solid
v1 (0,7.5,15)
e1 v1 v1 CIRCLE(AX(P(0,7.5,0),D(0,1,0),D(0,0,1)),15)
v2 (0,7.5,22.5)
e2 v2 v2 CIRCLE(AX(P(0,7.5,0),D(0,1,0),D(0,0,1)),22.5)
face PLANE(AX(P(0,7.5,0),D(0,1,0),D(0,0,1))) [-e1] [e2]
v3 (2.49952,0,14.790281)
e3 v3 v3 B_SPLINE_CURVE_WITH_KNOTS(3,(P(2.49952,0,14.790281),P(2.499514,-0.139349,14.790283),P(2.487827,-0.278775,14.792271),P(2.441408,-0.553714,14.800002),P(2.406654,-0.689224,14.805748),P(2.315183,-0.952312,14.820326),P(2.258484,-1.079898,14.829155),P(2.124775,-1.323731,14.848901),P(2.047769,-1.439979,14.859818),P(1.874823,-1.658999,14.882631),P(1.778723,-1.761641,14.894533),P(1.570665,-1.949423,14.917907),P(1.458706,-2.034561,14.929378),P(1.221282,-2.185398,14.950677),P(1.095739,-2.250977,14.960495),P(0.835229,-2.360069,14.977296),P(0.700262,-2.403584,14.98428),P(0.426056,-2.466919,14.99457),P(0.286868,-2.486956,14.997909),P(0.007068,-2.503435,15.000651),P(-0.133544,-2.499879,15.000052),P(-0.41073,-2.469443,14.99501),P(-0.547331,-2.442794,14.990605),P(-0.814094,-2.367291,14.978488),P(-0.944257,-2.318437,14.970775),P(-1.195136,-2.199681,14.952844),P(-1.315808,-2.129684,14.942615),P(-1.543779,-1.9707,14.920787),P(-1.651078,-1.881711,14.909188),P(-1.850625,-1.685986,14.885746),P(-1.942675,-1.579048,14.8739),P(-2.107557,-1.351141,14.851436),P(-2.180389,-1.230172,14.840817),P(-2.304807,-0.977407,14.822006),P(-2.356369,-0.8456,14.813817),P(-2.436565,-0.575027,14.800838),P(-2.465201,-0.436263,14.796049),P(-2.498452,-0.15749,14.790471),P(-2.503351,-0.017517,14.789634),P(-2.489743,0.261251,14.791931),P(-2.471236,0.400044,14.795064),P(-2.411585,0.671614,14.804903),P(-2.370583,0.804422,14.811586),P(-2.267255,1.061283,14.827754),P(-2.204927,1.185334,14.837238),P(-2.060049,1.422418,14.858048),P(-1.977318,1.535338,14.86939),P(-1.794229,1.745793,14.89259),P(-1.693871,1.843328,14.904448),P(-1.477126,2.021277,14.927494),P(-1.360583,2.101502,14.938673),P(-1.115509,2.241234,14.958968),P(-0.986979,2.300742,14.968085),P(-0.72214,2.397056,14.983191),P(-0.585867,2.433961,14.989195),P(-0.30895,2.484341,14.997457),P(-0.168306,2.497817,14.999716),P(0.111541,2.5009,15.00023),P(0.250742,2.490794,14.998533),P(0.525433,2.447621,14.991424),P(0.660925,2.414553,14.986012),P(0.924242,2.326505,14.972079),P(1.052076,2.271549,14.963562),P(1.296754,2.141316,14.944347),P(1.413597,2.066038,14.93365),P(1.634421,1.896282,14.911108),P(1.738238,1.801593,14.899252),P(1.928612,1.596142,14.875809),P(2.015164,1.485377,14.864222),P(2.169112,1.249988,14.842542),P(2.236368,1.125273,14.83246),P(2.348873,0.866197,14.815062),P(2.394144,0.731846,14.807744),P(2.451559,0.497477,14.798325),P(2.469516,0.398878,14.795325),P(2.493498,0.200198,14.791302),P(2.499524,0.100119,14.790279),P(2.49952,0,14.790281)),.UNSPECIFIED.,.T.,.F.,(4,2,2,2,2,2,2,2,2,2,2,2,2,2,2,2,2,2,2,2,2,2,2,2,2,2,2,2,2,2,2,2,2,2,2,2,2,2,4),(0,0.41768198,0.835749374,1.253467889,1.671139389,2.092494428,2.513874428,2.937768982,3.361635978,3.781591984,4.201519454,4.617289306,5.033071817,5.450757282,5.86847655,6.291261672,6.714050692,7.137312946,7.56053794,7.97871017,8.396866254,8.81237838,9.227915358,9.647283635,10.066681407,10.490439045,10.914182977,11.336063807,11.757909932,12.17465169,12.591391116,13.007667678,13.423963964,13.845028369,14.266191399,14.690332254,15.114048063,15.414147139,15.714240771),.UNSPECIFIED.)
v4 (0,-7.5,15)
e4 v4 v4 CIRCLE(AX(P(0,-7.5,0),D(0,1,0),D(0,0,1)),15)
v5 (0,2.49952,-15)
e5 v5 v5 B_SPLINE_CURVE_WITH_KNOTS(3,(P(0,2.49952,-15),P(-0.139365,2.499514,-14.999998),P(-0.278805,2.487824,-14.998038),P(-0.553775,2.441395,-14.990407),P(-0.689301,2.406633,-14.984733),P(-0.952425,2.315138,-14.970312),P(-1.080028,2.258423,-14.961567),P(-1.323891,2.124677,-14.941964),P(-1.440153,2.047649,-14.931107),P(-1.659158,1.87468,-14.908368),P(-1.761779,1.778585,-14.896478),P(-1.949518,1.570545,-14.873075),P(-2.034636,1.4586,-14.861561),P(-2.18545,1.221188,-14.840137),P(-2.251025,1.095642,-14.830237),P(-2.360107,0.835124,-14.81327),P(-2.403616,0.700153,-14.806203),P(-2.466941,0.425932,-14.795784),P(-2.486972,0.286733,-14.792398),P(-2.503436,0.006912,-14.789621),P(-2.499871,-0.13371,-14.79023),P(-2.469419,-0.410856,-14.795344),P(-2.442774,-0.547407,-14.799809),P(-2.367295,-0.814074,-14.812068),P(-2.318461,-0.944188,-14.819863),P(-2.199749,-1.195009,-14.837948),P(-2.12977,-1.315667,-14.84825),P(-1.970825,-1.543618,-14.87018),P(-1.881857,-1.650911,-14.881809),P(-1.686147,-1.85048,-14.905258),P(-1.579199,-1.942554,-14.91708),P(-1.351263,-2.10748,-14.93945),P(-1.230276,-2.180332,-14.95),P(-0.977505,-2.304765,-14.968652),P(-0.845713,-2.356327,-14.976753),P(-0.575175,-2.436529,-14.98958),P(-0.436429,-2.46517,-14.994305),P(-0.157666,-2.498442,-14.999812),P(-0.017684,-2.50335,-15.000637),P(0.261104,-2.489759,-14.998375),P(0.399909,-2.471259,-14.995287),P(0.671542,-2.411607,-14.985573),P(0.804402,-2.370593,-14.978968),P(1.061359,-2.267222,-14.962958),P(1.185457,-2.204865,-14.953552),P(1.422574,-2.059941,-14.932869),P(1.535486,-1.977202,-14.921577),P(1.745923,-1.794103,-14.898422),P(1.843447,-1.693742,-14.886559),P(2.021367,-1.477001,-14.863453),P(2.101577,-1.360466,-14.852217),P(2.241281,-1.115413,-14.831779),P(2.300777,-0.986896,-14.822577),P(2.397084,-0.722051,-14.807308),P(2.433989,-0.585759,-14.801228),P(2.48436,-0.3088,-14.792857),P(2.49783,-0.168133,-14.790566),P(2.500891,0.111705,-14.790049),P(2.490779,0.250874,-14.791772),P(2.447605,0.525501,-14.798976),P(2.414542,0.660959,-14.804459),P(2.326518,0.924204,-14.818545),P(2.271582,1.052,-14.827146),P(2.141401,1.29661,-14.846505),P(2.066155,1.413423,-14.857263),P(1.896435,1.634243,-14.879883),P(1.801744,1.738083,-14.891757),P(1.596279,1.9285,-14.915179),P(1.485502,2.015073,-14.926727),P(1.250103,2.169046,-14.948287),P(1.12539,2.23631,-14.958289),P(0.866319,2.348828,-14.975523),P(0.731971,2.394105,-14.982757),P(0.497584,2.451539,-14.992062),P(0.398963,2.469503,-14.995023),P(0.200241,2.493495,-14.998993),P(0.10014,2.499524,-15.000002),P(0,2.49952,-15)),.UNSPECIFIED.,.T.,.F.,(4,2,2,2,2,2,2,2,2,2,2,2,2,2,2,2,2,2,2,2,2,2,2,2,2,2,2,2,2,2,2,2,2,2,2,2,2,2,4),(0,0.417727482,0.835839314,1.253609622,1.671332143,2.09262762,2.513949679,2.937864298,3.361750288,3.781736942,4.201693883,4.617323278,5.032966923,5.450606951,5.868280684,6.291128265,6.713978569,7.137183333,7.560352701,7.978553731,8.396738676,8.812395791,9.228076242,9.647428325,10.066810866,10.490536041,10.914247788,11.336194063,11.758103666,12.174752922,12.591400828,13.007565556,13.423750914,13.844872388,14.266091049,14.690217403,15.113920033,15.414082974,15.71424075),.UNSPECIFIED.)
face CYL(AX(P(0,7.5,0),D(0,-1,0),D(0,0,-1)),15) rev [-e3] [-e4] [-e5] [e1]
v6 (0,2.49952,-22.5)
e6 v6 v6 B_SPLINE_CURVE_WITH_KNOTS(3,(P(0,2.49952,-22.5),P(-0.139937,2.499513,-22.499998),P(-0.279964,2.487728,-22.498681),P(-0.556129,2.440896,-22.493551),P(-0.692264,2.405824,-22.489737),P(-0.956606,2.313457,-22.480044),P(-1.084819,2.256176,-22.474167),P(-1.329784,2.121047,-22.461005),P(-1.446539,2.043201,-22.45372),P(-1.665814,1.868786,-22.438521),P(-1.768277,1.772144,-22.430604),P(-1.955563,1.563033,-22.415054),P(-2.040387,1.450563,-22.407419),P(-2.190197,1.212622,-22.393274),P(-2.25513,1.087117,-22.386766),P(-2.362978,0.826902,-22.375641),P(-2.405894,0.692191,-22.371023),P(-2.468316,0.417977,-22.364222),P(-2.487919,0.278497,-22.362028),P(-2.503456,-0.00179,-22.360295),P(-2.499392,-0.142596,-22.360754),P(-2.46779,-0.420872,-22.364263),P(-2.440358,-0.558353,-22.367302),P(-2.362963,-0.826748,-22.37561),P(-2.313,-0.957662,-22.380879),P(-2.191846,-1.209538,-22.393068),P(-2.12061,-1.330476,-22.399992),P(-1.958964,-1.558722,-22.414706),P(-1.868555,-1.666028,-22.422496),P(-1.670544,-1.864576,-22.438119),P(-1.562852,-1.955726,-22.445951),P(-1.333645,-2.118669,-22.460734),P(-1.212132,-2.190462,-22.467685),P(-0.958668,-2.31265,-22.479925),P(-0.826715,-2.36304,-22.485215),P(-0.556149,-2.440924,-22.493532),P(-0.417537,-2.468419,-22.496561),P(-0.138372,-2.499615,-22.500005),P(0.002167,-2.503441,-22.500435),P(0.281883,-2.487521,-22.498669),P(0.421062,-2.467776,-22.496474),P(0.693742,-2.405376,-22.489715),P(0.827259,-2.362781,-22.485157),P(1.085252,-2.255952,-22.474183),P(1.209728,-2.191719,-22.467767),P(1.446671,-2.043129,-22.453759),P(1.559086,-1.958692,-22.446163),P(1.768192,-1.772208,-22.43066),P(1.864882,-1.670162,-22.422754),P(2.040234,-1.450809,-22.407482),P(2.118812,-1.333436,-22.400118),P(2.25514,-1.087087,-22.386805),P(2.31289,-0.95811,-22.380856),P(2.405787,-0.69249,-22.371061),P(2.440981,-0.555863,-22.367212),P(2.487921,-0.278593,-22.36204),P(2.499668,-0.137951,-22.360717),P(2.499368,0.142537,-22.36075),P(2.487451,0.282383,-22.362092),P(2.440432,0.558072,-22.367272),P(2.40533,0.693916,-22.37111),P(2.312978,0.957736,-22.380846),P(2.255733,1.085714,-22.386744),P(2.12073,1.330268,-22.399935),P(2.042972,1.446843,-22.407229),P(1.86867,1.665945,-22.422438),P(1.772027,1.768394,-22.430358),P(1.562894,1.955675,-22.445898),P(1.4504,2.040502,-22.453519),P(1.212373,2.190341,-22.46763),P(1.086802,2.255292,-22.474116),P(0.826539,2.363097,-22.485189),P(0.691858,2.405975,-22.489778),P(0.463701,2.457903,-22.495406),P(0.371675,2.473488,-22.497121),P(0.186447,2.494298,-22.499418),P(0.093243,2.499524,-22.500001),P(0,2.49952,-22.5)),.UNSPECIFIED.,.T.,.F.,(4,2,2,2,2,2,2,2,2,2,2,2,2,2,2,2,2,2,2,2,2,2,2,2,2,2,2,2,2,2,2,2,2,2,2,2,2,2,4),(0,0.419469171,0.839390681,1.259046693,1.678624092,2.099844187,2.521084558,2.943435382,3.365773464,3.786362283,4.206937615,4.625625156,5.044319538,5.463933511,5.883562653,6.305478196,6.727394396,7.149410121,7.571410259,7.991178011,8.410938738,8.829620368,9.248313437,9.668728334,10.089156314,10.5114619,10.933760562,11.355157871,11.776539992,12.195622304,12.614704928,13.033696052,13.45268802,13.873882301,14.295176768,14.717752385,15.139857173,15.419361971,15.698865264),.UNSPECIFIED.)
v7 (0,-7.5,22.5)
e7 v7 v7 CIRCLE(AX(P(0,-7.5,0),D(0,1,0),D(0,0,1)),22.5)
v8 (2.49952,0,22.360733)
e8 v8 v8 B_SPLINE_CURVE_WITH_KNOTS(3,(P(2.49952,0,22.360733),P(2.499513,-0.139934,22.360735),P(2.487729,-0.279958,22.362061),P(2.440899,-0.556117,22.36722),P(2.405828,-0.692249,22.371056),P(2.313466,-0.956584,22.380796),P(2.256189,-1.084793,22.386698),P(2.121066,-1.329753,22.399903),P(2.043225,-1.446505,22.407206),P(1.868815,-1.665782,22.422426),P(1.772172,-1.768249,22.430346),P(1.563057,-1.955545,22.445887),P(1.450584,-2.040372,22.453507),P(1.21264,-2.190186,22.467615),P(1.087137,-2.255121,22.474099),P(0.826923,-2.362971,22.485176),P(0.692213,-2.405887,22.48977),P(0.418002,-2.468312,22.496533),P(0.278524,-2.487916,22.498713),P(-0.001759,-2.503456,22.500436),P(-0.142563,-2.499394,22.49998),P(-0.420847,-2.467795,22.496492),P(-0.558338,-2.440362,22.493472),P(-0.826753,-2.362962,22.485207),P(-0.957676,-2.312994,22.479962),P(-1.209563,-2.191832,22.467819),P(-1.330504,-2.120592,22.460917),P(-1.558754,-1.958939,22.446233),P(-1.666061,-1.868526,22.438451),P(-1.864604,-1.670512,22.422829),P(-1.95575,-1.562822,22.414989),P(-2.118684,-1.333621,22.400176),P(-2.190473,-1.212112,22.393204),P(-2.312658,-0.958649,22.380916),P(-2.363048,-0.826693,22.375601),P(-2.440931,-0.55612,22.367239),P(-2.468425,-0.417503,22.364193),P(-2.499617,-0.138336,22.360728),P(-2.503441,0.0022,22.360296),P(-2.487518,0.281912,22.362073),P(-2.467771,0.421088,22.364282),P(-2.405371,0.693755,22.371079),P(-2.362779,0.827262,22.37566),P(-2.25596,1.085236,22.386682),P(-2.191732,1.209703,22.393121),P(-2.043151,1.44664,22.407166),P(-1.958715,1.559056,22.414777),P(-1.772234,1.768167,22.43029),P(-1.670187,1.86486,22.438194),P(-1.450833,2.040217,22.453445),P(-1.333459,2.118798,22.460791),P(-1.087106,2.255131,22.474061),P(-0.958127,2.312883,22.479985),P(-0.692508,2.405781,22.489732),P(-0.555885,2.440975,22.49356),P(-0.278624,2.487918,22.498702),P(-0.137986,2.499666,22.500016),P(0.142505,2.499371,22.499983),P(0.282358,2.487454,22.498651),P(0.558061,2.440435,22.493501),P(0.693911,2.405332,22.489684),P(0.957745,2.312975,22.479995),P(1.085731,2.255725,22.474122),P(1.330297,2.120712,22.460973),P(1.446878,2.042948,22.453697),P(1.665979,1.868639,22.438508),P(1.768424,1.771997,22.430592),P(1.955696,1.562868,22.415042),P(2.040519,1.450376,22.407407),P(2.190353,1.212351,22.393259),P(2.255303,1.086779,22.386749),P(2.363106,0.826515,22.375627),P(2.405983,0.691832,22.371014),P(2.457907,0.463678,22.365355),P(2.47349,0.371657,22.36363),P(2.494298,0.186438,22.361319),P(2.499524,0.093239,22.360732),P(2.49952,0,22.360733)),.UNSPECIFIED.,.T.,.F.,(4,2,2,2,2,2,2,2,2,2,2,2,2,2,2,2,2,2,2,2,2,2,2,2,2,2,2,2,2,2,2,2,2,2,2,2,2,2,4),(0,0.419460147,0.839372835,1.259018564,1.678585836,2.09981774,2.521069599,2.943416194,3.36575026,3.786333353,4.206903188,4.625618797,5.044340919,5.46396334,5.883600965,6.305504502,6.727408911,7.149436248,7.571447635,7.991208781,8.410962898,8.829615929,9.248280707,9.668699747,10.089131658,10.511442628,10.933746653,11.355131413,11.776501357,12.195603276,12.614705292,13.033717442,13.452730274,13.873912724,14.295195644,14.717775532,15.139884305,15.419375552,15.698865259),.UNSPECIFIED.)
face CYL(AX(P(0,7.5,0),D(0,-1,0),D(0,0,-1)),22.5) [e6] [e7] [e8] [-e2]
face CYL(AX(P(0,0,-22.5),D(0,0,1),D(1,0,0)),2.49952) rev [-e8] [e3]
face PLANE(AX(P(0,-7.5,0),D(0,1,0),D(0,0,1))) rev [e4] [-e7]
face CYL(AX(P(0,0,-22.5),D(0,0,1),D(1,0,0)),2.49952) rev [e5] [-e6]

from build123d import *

# Parameters (mm, degrees)
SKETCH1_R               = 22.5
SKETCH1_R_2             = 15
BOSS_EXTRUDE1_DEPTH     = 7.5
CUT_EXTRUDE1_DEPTH      = 33.691742077
CUT_EXTRUDE1_DEPTH_BACK = 33.691742077
SKETCH2_R               = 2.499519508


with BuildPart() as part:
    # Sketch1 → Boss-Extrude1 (new, symmetric)
    with BuildSketch(Plane(origin=(0, 0, 0), x_dir=(1, 0, 0), z_dir=(0, 1, 0))):
        with Locations(Location((0, 0, 0), (0, 0, 270))):
            Circle(SKETCH1_R)
        with Locations(Location((0, 0, 0), (0, 0, 270))):
            Circle(SKETCH1_R_2, mode=Mode.SUBTRACT)
    extrude(amount=BOSS_EXTRUDE1_DEPTH, both=True)

    # Sketch2 → Cut-Extrude1 (cut, two sides: drawn at the far end of the back side and taken through both)
    with BuildSketch(Plane.XY.offset(-CUT_EXTRUDE1_DEPTH_BACK)):
        Circle(SKETCH2_R)
    extrude(amount=CUT_EXTRUDE1_DEPTH + CUT_EXTRUDE1_DEPTH_BACK, mode=Mode.SUBTRACT)


solid = part.part
